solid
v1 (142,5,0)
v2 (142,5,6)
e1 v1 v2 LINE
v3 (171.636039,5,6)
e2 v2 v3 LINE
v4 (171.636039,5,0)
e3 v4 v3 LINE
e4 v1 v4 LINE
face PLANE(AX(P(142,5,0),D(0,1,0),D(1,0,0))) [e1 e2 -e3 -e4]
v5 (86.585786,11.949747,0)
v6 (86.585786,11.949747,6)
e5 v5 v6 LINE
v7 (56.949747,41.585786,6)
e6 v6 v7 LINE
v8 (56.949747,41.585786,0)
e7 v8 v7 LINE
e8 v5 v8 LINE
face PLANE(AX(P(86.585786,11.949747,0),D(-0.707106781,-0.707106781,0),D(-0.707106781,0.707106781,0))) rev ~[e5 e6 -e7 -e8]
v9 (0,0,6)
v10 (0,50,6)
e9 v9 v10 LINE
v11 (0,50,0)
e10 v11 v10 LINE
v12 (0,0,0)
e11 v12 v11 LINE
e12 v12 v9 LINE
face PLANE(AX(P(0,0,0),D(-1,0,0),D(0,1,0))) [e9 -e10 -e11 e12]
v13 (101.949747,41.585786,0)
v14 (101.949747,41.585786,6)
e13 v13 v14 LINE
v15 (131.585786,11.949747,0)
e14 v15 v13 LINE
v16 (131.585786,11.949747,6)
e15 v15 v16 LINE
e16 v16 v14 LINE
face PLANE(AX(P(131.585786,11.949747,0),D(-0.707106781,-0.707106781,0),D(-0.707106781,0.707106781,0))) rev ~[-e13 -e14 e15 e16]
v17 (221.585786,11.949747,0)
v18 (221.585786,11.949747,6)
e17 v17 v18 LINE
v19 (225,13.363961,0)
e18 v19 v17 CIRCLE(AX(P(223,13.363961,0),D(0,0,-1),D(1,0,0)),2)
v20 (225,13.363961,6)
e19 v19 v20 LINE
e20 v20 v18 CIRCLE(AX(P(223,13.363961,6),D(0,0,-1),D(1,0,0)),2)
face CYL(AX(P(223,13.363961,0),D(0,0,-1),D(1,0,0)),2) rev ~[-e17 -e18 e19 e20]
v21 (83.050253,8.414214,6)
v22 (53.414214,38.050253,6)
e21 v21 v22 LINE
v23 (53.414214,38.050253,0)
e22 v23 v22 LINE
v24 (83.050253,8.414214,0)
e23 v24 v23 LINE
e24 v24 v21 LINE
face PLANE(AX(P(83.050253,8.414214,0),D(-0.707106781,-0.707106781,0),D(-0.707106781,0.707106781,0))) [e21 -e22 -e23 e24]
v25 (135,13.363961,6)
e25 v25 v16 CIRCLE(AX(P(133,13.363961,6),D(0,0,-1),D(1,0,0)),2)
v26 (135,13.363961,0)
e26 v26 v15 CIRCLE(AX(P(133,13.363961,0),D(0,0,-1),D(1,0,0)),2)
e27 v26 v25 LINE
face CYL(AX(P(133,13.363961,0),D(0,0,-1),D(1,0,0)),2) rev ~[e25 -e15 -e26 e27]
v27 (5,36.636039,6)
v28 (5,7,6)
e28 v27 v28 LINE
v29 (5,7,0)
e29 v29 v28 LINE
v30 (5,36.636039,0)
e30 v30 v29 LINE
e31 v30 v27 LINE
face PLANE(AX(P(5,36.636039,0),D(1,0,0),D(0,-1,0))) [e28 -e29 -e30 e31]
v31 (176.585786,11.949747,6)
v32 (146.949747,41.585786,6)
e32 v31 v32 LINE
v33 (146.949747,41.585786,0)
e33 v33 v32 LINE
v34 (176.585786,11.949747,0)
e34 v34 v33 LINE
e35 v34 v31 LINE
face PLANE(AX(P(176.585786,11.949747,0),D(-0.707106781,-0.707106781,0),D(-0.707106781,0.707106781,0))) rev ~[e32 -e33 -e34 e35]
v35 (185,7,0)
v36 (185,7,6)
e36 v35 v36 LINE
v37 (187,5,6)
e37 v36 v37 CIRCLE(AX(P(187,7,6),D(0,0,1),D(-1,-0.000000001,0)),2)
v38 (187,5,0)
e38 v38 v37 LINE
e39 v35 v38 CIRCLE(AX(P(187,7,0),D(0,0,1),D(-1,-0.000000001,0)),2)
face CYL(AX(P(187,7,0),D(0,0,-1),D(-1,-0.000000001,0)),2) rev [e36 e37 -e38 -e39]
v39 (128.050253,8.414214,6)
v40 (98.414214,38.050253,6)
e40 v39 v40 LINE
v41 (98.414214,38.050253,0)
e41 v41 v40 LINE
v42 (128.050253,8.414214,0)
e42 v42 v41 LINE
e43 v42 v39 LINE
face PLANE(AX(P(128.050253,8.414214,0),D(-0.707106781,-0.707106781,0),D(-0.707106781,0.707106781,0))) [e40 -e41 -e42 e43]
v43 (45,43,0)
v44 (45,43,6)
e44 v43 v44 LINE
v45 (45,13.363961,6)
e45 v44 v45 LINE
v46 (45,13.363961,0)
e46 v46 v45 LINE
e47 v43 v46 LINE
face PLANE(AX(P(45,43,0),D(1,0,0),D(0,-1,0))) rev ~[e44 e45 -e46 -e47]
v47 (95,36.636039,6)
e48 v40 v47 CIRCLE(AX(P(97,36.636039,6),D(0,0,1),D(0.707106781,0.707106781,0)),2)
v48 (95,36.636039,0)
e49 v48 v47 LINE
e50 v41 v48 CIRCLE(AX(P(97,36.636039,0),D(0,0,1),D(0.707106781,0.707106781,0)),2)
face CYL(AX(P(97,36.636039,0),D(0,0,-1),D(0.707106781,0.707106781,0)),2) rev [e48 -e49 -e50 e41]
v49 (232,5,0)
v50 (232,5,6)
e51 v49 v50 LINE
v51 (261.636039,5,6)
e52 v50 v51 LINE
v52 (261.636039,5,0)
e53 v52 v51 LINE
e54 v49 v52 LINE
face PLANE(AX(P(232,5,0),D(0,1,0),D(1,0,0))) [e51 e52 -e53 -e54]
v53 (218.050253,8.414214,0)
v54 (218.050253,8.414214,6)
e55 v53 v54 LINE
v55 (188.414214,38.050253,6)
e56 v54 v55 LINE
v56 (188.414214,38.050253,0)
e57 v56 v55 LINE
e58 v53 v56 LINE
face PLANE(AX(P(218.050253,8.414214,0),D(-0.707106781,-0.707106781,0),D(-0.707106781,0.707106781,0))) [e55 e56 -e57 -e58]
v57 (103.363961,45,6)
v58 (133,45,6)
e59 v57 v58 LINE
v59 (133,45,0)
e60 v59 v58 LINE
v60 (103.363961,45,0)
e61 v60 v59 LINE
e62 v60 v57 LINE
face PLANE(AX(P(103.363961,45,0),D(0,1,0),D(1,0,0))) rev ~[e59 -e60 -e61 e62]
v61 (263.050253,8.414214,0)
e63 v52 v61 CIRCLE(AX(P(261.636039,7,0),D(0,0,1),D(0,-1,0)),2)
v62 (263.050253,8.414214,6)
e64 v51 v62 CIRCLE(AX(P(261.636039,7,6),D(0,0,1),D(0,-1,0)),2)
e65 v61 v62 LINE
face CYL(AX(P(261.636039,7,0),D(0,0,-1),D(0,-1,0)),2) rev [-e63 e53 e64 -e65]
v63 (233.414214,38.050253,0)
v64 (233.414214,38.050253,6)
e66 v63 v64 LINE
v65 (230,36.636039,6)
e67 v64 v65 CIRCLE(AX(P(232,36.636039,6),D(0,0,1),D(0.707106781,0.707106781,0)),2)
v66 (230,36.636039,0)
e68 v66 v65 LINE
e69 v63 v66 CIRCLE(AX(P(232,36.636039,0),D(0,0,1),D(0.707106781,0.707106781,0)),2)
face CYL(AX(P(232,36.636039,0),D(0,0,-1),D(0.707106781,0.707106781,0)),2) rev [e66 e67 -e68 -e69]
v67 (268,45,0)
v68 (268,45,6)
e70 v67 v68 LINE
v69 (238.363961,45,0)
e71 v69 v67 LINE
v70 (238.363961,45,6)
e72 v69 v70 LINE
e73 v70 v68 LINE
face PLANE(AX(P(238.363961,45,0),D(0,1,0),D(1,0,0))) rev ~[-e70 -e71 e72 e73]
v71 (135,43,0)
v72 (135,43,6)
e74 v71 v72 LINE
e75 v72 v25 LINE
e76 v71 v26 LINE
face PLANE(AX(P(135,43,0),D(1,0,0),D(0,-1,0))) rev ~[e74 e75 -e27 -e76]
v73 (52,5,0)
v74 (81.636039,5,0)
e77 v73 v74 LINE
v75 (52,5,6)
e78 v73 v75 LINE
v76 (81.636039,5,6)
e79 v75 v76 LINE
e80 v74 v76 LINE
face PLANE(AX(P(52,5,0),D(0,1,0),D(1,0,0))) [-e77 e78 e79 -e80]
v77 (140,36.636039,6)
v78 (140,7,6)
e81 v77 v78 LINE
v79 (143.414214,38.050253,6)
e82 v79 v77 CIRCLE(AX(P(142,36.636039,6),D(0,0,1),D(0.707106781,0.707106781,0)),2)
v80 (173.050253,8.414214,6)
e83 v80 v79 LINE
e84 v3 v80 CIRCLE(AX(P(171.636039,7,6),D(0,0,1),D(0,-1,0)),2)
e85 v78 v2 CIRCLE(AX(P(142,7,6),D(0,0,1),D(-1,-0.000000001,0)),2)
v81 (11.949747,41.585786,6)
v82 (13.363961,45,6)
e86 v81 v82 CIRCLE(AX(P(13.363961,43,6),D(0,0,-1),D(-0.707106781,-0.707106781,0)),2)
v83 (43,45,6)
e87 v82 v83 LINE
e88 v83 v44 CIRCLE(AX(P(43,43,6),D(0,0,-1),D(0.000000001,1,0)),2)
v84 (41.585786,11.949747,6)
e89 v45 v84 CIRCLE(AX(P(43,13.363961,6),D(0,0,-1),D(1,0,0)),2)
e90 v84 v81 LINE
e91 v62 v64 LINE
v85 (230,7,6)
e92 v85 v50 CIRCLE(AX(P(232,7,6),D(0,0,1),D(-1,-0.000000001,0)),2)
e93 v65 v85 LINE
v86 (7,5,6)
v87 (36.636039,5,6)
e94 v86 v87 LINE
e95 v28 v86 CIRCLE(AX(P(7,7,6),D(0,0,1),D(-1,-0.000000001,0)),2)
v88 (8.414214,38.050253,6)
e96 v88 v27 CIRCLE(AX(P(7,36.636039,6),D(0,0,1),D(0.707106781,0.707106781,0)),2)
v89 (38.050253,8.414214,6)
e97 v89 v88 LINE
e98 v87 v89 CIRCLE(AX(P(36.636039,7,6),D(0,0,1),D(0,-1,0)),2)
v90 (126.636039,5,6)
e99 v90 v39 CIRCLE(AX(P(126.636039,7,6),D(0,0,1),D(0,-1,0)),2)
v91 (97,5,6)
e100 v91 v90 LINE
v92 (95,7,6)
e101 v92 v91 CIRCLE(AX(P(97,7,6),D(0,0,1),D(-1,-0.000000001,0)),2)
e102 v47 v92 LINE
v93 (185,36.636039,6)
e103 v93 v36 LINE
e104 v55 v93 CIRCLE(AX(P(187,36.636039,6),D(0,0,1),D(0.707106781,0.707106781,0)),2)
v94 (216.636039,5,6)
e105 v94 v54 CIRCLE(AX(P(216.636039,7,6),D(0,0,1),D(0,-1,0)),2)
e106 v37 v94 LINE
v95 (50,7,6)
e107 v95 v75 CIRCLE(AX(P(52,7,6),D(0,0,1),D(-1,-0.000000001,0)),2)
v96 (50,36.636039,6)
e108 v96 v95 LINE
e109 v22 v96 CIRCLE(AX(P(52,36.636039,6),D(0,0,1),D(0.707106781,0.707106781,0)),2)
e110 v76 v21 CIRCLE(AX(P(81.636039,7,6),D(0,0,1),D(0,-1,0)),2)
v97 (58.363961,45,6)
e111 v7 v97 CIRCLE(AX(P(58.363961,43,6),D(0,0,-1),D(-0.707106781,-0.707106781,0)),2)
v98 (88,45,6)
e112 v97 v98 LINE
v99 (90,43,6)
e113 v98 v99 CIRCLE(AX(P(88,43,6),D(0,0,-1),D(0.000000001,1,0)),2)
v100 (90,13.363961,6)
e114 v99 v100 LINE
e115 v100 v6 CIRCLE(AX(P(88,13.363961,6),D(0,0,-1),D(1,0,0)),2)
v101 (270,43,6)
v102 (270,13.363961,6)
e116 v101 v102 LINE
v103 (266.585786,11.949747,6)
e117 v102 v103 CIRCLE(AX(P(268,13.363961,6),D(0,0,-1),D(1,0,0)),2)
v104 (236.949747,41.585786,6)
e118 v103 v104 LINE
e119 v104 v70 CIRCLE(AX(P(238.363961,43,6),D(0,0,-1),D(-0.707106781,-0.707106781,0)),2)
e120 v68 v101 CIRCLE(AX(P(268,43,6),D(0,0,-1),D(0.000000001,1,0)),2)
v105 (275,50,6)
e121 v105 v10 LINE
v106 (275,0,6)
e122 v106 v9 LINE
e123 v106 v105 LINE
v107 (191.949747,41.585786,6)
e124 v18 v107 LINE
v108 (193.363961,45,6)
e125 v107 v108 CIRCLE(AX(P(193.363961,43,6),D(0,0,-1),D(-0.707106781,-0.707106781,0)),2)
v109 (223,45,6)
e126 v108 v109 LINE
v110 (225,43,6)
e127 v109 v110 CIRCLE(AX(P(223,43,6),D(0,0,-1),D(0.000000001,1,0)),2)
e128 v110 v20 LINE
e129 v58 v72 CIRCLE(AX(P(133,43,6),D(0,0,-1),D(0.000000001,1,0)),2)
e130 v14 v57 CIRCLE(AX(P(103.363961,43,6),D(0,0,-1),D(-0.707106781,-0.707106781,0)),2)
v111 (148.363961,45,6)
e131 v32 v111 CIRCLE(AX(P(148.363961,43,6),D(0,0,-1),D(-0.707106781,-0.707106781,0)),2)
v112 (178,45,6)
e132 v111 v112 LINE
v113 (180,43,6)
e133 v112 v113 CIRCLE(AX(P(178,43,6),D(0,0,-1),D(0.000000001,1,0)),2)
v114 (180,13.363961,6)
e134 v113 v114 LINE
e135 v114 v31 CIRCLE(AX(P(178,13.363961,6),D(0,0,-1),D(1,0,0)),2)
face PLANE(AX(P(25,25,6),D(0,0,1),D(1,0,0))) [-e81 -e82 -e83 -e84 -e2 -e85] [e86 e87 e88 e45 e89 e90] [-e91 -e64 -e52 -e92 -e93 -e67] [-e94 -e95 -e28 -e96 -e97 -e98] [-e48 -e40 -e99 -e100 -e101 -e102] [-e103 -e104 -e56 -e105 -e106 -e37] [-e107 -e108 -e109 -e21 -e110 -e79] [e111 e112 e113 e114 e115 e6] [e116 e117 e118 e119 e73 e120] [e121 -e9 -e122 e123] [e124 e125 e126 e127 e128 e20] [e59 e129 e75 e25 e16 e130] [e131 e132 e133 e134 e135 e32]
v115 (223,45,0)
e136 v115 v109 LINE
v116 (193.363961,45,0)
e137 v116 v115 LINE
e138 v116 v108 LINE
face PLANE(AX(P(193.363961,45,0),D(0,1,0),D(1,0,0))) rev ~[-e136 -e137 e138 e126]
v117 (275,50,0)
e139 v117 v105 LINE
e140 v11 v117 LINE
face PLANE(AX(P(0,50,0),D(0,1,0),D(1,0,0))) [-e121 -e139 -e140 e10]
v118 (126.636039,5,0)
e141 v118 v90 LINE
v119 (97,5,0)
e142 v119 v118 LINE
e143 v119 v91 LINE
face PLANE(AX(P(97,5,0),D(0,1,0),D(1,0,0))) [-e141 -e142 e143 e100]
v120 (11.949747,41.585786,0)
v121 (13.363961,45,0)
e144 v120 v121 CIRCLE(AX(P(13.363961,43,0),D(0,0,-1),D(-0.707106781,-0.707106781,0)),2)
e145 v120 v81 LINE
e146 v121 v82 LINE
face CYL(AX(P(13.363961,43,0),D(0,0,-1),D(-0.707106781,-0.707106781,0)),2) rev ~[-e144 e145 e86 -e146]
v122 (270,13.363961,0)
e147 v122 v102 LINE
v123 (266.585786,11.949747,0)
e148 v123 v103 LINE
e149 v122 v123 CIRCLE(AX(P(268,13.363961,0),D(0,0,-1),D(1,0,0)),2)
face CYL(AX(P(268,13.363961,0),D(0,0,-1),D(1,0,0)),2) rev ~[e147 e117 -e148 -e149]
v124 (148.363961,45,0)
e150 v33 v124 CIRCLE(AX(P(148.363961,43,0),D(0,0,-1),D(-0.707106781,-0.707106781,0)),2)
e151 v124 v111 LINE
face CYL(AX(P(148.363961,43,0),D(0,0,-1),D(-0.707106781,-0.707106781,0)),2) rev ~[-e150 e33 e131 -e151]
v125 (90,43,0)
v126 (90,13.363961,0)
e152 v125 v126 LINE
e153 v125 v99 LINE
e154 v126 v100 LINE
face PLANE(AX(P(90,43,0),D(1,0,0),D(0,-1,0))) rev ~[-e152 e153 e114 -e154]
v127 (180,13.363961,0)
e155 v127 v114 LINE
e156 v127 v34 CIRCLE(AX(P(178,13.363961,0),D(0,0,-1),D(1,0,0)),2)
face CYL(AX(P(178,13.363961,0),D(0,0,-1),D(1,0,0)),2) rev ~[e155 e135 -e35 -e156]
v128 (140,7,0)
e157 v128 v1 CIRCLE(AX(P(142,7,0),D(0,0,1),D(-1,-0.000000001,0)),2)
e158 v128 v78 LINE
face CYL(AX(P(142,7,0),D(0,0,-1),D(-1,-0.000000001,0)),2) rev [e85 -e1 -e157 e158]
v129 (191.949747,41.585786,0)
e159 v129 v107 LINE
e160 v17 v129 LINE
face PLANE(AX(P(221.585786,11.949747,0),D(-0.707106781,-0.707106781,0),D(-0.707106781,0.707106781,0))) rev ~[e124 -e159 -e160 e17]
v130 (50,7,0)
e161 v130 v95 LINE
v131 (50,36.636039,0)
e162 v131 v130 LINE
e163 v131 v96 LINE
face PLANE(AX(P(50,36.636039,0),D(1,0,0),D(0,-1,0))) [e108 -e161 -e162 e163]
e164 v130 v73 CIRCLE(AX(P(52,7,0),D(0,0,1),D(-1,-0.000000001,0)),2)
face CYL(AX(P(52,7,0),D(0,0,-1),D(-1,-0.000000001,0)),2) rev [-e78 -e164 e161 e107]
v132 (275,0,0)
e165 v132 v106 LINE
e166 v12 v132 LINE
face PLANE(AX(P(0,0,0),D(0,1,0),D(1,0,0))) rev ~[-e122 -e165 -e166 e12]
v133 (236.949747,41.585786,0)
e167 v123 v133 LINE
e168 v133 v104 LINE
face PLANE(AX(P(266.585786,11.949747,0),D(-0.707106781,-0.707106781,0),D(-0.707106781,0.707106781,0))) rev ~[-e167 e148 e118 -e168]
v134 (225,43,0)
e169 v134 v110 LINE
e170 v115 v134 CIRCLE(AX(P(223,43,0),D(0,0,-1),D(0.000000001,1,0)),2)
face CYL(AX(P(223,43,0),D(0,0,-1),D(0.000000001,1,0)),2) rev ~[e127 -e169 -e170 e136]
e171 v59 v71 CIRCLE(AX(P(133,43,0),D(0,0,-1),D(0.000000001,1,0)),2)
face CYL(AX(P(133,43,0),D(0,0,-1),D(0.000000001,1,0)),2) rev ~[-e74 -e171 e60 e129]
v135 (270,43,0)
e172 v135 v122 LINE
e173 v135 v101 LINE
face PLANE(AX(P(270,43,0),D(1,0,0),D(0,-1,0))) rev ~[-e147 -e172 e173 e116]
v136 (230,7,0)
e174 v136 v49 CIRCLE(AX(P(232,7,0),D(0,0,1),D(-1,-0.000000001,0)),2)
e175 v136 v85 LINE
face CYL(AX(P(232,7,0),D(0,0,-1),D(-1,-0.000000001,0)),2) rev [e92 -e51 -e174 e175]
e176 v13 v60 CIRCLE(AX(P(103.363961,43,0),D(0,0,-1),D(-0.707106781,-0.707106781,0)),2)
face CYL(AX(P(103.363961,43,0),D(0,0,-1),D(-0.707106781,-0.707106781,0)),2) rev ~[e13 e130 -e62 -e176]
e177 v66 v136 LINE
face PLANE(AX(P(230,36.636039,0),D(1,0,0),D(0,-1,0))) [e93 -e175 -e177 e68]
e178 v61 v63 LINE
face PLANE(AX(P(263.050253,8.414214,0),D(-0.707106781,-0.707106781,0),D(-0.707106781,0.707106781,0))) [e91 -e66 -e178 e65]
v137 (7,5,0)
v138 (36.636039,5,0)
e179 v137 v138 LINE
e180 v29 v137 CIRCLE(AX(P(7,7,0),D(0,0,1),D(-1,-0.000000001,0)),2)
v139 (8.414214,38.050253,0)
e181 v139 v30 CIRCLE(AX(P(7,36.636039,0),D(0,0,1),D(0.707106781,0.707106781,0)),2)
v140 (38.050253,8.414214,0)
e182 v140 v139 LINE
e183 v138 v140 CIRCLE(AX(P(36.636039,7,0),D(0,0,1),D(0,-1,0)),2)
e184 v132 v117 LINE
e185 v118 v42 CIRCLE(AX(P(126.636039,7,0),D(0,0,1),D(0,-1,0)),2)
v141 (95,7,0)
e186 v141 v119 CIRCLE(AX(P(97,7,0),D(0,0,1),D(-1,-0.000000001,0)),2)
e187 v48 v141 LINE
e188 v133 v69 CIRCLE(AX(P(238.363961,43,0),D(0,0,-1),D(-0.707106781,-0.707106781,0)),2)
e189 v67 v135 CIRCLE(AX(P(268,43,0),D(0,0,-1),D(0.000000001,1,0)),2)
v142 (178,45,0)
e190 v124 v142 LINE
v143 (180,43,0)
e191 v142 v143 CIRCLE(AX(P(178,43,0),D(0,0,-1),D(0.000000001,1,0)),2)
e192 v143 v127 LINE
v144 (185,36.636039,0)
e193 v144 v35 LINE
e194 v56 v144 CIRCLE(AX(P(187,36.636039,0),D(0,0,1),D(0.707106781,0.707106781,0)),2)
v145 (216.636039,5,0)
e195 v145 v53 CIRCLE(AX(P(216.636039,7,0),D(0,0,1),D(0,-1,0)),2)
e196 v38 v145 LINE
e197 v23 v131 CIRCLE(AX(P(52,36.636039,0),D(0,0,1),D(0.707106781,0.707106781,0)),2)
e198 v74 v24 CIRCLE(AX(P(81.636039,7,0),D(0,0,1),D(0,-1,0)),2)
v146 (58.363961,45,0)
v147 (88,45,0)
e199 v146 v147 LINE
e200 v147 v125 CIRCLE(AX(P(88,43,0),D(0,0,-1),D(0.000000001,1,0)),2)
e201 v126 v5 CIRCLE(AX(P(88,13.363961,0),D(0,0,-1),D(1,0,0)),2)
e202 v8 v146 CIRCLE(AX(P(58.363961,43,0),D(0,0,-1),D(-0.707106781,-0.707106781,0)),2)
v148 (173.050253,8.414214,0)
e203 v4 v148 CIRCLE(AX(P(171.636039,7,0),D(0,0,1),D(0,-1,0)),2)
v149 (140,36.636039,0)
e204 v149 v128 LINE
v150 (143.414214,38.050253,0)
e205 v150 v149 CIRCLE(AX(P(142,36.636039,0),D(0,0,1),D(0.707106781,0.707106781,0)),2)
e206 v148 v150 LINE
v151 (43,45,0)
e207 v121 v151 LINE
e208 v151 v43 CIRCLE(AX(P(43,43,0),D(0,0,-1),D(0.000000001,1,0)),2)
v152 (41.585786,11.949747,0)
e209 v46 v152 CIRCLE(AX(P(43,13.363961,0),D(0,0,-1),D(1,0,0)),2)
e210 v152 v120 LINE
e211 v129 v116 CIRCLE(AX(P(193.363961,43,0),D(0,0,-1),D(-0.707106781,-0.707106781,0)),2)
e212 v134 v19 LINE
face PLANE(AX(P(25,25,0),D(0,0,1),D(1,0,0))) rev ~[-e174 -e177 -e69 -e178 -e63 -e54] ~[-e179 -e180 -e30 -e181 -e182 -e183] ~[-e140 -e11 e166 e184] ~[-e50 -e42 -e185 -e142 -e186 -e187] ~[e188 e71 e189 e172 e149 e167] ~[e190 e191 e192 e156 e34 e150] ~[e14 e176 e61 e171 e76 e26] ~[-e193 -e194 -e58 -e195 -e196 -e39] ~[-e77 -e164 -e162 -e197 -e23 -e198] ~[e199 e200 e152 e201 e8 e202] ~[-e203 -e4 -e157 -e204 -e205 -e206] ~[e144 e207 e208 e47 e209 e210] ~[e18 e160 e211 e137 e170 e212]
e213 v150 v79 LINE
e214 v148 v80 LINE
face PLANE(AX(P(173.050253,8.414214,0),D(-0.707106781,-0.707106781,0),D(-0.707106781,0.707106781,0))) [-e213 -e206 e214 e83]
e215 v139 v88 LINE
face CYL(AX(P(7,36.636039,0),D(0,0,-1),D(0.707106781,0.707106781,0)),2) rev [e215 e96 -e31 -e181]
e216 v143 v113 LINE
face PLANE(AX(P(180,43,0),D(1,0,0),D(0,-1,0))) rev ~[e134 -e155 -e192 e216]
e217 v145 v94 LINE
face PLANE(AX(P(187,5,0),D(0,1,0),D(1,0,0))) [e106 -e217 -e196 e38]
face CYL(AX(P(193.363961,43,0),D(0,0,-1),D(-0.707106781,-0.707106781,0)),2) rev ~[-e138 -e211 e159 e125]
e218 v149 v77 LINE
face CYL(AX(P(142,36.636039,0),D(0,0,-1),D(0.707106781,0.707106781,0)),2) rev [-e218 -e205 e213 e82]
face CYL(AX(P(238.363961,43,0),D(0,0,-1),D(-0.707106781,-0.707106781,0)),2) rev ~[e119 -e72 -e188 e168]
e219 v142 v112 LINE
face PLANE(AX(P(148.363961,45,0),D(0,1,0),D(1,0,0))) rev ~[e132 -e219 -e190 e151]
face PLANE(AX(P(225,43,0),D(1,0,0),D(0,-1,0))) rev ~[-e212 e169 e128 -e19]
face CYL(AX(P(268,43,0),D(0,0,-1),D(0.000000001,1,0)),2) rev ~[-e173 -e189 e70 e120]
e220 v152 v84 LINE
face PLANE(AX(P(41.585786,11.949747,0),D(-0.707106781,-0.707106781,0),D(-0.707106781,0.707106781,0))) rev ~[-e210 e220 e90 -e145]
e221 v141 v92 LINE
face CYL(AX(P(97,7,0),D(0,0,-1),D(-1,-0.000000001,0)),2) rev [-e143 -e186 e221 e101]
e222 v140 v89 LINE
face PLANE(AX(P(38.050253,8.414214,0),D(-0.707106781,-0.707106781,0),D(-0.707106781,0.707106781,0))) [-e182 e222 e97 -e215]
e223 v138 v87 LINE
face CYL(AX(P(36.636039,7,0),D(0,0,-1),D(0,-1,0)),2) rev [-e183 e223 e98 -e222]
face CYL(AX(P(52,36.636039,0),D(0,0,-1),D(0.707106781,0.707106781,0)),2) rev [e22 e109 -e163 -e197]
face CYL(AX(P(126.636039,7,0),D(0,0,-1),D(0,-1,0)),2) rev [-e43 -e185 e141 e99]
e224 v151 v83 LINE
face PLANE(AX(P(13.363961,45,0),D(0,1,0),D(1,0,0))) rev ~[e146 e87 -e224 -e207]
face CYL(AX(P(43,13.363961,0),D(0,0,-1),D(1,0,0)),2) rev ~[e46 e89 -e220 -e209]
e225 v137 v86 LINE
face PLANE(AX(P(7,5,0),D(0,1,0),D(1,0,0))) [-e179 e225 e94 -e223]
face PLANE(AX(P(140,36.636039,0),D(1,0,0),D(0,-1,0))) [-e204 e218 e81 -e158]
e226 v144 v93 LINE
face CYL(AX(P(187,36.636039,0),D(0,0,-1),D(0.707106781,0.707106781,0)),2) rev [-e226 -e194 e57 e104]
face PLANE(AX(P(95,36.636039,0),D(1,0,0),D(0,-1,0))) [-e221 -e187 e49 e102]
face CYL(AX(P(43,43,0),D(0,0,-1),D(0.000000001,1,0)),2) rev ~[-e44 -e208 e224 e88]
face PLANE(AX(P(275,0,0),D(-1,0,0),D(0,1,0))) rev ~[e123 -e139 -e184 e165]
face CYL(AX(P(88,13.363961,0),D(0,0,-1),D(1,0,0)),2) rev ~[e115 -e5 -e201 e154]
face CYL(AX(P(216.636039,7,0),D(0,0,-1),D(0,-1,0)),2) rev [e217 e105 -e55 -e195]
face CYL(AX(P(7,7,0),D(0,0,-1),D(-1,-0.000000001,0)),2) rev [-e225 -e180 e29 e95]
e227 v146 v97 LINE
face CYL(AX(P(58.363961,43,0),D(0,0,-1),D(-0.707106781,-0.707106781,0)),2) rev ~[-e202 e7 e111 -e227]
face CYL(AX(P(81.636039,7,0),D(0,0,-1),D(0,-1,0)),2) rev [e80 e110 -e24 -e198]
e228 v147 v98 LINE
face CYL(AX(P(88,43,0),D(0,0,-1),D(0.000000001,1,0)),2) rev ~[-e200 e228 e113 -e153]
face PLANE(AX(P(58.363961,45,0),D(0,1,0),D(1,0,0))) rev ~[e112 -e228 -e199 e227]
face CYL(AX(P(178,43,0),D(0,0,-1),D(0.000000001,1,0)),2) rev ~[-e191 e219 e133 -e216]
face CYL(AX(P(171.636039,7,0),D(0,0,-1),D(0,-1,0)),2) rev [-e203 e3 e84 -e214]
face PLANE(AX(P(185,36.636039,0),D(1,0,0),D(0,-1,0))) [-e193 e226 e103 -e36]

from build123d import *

# Parameters (mm, degrees)
SKETCH1_W           = 50
SKETCH1_H           = 50
BOSS_EXTRUDE1_DEPTH = 6
LPATTERN1_COUNT     = 6
LPATTERN1_PITCH     = 45


with BuildPart() as part:
    # Sketch1 → Boss-Extrude1 (new body)
    with BuildSketch(Plane.XY):
        with Locations((25, 25)):
            Rectangle(SKETCH1_W, SKETCH1_H)
        with BuildLine():
            Line((7, 5), (36.636038969, 5))
            ThreePointArc((36.636038969, 5), (38.483798034, 6.234633135), (38.050252532, 8.414213562))
            Line((38.050252532, 8.414213562), (8.414213562, 38.050252532))
            ThreePointArc((8.414213562, 38.050252532), (6.234633135, 38.483798034), (5, 36.636038969))
            Line((5, 36.636038969), (5, 7))
            ThreePointArc((5, 7), (5.585786438, 5.585786438), (7, 5))
        make_face(mode=Mode.SUBTRACT)
        with BuildLine():
            Line((13.363961031, 45), (43, 45))
            ThreePointArc((43, 45), (44.414213562, 44.414213562), (45, 43))
            Line((45, 43), (45, 13.363961031))
            ThreePointArc((45, 13.363961031), (43.765366865, 11.516201966), (41.585786438, 11.949747468))
            Line((41.585786438, 11.949747468), (11.949747468, 41.585786438))
            ThreePointArc((11.949747468, 41.585786438), (11.516201966, 43.765366865), (13.363961031, 45))
        make_face(mode=Mode.SUBTRACT)
    boss_extrude1 = extrude(amount=BOSS_EXTRUDE1_DEPTH)

    # LPattern1: Boss-Extrude1 ×6
    with Locations(*[(i * LPATTERN1_PITCH, 0, 0) for i in range(1, LPATTERN1_COUNT)]):
        add(boss_extrude1)


solid = part.part
